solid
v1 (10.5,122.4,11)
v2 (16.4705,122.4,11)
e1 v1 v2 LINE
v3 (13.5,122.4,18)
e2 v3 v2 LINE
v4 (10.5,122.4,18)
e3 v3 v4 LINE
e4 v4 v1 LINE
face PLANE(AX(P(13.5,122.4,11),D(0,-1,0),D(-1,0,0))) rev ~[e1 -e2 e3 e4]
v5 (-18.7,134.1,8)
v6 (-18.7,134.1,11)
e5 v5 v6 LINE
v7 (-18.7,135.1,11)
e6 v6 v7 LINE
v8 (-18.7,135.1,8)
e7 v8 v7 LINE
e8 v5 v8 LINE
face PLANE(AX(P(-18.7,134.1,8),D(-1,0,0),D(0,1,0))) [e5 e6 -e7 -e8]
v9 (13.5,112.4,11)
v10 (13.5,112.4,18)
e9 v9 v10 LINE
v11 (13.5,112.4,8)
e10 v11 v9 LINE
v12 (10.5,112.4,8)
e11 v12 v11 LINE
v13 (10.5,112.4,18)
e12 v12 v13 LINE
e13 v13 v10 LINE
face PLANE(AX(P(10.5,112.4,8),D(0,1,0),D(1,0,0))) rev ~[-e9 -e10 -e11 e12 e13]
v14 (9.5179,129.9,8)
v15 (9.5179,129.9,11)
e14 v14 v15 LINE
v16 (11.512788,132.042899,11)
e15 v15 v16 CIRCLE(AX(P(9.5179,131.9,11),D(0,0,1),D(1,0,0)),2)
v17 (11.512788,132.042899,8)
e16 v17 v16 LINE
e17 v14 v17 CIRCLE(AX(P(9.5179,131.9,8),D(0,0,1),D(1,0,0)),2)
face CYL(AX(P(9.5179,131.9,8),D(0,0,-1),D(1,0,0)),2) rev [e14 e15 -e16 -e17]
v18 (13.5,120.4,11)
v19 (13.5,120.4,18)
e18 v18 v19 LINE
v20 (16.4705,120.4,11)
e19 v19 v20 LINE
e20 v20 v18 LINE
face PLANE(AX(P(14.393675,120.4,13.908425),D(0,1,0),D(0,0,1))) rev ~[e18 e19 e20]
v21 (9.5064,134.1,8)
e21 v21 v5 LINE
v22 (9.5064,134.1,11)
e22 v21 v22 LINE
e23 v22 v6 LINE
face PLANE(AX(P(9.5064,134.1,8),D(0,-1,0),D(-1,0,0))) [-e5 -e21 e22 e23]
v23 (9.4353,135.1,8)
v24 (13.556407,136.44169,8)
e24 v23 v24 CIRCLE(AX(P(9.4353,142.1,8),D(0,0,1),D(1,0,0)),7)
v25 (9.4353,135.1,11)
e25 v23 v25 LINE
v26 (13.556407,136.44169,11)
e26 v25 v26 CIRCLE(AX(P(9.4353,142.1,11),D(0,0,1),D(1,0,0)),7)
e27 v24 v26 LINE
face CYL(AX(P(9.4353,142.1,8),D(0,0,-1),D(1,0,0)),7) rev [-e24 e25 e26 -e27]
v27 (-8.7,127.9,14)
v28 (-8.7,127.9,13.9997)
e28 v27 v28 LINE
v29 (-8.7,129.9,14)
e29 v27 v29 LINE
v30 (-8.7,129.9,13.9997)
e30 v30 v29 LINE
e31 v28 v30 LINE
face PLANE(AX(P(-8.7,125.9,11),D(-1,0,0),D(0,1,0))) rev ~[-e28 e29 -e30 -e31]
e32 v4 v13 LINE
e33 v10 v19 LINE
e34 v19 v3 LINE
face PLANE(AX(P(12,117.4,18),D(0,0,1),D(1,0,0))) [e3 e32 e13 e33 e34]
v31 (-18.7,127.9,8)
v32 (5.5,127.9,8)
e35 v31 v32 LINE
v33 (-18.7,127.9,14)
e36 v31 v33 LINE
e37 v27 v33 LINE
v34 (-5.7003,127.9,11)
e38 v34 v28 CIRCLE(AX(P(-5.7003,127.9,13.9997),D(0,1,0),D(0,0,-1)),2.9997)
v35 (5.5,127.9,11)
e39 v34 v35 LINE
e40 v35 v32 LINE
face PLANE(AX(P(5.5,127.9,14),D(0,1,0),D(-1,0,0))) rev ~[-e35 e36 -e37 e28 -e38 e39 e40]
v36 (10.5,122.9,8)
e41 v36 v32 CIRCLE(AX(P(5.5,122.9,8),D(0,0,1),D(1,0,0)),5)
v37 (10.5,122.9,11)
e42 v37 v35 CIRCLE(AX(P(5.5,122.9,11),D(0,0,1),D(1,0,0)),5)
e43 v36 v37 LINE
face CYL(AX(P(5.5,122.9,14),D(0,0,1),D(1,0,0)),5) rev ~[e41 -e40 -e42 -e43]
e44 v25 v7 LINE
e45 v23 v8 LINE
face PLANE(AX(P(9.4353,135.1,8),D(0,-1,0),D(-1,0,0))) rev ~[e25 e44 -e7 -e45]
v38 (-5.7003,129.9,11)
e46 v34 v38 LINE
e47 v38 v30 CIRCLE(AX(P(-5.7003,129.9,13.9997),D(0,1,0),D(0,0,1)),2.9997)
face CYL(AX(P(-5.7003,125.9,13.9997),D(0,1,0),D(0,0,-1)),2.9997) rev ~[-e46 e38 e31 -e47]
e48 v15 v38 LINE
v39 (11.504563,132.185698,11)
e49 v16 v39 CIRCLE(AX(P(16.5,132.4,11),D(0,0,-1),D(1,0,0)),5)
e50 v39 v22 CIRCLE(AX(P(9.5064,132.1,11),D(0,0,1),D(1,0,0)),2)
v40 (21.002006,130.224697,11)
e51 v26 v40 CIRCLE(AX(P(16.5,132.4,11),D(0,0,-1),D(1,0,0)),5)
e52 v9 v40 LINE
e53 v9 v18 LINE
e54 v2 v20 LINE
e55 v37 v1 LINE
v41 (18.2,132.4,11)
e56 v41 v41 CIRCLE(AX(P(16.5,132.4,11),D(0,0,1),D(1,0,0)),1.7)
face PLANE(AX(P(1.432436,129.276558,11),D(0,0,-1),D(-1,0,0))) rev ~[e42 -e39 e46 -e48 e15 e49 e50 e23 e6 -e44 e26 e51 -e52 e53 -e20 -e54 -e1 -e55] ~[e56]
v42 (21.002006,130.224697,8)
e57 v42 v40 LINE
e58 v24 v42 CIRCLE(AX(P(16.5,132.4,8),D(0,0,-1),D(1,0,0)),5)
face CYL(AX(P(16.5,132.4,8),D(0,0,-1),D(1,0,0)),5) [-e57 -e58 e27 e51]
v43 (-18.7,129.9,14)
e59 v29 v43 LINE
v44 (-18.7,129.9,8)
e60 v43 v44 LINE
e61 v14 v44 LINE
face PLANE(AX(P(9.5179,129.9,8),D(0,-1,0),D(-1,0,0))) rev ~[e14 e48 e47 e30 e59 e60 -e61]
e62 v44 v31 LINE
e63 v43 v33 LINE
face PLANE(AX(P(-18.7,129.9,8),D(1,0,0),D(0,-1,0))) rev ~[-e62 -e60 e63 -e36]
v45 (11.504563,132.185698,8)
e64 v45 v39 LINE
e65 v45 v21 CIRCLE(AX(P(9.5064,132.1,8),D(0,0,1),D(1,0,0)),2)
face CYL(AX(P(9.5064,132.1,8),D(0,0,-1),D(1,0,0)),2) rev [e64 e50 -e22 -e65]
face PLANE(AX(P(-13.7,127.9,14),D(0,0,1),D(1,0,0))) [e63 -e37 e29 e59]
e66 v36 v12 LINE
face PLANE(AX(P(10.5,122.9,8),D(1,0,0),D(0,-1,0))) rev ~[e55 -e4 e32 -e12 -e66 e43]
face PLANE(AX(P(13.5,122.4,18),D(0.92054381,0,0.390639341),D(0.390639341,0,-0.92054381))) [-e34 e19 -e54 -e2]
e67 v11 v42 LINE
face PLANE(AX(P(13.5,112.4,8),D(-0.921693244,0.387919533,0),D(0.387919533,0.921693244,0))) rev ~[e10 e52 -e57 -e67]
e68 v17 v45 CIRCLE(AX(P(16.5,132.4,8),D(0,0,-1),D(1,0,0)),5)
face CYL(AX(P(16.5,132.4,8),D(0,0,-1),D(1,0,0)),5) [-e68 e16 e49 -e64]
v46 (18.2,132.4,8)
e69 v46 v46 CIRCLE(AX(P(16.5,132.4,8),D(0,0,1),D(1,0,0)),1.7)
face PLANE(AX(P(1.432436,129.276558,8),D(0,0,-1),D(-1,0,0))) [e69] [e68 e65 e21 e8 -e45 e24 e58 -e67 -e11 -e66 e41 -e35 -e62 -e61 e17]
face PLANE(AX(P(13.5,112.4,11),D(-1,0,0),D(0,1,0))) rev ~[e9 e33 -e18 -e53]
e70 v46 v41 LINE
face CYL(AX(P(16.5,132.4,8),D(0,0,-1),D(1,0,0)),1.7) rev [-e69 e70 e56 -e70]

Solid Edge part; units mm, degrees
sketch "Sketch1" plane through (0, 0, 8) normal (0, 0, 1) x (1, 0, 0)
  arc A0 (11.5046, 132.1857) -> (9.5064, 134.1) centre (9.5064, 132.1) ccw
  line L0 (9.5064, 134.1) -> (-18.7, 134.1)
  line L1 (-18.7, 134.1) -> (-18.7, 135.1)
  line L2 (9.4353, 135.1) -> (-18.7, 135.1)
  arc A1 (9.4353, 135.1) -> (13.5564, 136.4417) centre (9.4353, 142.1) ccw
  line L3 (13.5, 112.4) -> (21.002, 130.2247)
  line L4 (10.5, 112.4) -> (13.5, 112.4)
  line L5 (10.5, 122.9) -> (10.5, 112.4)
  arc A2 (7.5, 125.9) -> (10.5, 122.9) centre (7.5, 122.9) cw
  line L6 (-18.7, 125.9) -> (7.5, 125.9)
  line L7 (-18.7, 129.9) -> (-18.7, 125.9)
  line L8 (9.5179, 129.9) -> (-18.7, 129.9)
  arc A3 (9.5179, 129.9) -> (11.5128, 132.0429) centre (9.5179, 131.9) ccw
  arc A4 (11.5128, 132.0429) -> (11.5046, 132.1857) centre (16.5, 132.4) cw
  arc A5 (13.5564, 136.4417) -> (21.002, 130.2247) centre (16.5, 132.4) cw
  circle A6 centre (16.5, 132.4) radius 1.7
extrude "Protrusion1" add sketch "Sketch1" along normal up to vertex (3 mm away)
sketch "Sketch2" plane through (2.7972, 126.9, 11) normal (0, 0, 1) x (0, 1, 0)
  line L0 (-14.5, -10.7028) -> (-4.5, -10.7028)
  line L1 (-4.5, -10.7028) -> (-4.5, -7.7028)
  line L2 (-4.5, -7.7028) -> (-14.5, -7.7028)
  line L3 (-14.5, -7.7028) -> (-14.5, -10.7028)
  dimension "D1" = 10
  dimension "D2" = 3
extrude "Protrusion2" add sketch "Sketch2" along normal blind 7
sketch "Sketch3" plane through (12, 122.4, 14.5) normal (0, 1, 0) x (0, 0, -1)
  line L0 (3.5, -4.4705) -> (3.5, -1.5)
  line L1 (3.5, -1.5) -> (-3.5, -1.5)
  line L2 (-3.5, -1.5) -> (3.5, -4.4705)
extrude "ExtrudedProtrusion_3" add sketch "Sketch3" against normal blind 2
sketch "Sketch4" plane through (1.4, 124.9, 11) normal (0, 0, 1) x (1, 0, 0)
  line L0 (-10.1, 1) -> (-10.1, 5)
  line L1 (-10.1, 5) -> (-20.1, 5)
  line L2 (-20.1, 5) -> (-20.1, 1)
  line L3 (-20.1, 1) -> (-10.1, 1)
extrude "ExtrudedProtrusion_4" add sketch "Sketch4" along normal blind 3
fillet "Round_1" radius 3 1 edges at (-8.7, 127.9, 11)
sketch "Sketch5" plane through (-13.7, 127.9, 14) normal (0, 0, 1) x (1, 0, 0)
  line L0 (24.2, -7.0304) -> (24.2, -5)
  arc A0 (24.2, -5) -> (19.2, 0) centre (19.2, -5) ccw
  line L1 (19.2, 0) -> (-6.0361, 0)
extrude "Cutout1" cut sketch "Sketch5" against normal through all material side at (10.45, 121.8848, 14)
